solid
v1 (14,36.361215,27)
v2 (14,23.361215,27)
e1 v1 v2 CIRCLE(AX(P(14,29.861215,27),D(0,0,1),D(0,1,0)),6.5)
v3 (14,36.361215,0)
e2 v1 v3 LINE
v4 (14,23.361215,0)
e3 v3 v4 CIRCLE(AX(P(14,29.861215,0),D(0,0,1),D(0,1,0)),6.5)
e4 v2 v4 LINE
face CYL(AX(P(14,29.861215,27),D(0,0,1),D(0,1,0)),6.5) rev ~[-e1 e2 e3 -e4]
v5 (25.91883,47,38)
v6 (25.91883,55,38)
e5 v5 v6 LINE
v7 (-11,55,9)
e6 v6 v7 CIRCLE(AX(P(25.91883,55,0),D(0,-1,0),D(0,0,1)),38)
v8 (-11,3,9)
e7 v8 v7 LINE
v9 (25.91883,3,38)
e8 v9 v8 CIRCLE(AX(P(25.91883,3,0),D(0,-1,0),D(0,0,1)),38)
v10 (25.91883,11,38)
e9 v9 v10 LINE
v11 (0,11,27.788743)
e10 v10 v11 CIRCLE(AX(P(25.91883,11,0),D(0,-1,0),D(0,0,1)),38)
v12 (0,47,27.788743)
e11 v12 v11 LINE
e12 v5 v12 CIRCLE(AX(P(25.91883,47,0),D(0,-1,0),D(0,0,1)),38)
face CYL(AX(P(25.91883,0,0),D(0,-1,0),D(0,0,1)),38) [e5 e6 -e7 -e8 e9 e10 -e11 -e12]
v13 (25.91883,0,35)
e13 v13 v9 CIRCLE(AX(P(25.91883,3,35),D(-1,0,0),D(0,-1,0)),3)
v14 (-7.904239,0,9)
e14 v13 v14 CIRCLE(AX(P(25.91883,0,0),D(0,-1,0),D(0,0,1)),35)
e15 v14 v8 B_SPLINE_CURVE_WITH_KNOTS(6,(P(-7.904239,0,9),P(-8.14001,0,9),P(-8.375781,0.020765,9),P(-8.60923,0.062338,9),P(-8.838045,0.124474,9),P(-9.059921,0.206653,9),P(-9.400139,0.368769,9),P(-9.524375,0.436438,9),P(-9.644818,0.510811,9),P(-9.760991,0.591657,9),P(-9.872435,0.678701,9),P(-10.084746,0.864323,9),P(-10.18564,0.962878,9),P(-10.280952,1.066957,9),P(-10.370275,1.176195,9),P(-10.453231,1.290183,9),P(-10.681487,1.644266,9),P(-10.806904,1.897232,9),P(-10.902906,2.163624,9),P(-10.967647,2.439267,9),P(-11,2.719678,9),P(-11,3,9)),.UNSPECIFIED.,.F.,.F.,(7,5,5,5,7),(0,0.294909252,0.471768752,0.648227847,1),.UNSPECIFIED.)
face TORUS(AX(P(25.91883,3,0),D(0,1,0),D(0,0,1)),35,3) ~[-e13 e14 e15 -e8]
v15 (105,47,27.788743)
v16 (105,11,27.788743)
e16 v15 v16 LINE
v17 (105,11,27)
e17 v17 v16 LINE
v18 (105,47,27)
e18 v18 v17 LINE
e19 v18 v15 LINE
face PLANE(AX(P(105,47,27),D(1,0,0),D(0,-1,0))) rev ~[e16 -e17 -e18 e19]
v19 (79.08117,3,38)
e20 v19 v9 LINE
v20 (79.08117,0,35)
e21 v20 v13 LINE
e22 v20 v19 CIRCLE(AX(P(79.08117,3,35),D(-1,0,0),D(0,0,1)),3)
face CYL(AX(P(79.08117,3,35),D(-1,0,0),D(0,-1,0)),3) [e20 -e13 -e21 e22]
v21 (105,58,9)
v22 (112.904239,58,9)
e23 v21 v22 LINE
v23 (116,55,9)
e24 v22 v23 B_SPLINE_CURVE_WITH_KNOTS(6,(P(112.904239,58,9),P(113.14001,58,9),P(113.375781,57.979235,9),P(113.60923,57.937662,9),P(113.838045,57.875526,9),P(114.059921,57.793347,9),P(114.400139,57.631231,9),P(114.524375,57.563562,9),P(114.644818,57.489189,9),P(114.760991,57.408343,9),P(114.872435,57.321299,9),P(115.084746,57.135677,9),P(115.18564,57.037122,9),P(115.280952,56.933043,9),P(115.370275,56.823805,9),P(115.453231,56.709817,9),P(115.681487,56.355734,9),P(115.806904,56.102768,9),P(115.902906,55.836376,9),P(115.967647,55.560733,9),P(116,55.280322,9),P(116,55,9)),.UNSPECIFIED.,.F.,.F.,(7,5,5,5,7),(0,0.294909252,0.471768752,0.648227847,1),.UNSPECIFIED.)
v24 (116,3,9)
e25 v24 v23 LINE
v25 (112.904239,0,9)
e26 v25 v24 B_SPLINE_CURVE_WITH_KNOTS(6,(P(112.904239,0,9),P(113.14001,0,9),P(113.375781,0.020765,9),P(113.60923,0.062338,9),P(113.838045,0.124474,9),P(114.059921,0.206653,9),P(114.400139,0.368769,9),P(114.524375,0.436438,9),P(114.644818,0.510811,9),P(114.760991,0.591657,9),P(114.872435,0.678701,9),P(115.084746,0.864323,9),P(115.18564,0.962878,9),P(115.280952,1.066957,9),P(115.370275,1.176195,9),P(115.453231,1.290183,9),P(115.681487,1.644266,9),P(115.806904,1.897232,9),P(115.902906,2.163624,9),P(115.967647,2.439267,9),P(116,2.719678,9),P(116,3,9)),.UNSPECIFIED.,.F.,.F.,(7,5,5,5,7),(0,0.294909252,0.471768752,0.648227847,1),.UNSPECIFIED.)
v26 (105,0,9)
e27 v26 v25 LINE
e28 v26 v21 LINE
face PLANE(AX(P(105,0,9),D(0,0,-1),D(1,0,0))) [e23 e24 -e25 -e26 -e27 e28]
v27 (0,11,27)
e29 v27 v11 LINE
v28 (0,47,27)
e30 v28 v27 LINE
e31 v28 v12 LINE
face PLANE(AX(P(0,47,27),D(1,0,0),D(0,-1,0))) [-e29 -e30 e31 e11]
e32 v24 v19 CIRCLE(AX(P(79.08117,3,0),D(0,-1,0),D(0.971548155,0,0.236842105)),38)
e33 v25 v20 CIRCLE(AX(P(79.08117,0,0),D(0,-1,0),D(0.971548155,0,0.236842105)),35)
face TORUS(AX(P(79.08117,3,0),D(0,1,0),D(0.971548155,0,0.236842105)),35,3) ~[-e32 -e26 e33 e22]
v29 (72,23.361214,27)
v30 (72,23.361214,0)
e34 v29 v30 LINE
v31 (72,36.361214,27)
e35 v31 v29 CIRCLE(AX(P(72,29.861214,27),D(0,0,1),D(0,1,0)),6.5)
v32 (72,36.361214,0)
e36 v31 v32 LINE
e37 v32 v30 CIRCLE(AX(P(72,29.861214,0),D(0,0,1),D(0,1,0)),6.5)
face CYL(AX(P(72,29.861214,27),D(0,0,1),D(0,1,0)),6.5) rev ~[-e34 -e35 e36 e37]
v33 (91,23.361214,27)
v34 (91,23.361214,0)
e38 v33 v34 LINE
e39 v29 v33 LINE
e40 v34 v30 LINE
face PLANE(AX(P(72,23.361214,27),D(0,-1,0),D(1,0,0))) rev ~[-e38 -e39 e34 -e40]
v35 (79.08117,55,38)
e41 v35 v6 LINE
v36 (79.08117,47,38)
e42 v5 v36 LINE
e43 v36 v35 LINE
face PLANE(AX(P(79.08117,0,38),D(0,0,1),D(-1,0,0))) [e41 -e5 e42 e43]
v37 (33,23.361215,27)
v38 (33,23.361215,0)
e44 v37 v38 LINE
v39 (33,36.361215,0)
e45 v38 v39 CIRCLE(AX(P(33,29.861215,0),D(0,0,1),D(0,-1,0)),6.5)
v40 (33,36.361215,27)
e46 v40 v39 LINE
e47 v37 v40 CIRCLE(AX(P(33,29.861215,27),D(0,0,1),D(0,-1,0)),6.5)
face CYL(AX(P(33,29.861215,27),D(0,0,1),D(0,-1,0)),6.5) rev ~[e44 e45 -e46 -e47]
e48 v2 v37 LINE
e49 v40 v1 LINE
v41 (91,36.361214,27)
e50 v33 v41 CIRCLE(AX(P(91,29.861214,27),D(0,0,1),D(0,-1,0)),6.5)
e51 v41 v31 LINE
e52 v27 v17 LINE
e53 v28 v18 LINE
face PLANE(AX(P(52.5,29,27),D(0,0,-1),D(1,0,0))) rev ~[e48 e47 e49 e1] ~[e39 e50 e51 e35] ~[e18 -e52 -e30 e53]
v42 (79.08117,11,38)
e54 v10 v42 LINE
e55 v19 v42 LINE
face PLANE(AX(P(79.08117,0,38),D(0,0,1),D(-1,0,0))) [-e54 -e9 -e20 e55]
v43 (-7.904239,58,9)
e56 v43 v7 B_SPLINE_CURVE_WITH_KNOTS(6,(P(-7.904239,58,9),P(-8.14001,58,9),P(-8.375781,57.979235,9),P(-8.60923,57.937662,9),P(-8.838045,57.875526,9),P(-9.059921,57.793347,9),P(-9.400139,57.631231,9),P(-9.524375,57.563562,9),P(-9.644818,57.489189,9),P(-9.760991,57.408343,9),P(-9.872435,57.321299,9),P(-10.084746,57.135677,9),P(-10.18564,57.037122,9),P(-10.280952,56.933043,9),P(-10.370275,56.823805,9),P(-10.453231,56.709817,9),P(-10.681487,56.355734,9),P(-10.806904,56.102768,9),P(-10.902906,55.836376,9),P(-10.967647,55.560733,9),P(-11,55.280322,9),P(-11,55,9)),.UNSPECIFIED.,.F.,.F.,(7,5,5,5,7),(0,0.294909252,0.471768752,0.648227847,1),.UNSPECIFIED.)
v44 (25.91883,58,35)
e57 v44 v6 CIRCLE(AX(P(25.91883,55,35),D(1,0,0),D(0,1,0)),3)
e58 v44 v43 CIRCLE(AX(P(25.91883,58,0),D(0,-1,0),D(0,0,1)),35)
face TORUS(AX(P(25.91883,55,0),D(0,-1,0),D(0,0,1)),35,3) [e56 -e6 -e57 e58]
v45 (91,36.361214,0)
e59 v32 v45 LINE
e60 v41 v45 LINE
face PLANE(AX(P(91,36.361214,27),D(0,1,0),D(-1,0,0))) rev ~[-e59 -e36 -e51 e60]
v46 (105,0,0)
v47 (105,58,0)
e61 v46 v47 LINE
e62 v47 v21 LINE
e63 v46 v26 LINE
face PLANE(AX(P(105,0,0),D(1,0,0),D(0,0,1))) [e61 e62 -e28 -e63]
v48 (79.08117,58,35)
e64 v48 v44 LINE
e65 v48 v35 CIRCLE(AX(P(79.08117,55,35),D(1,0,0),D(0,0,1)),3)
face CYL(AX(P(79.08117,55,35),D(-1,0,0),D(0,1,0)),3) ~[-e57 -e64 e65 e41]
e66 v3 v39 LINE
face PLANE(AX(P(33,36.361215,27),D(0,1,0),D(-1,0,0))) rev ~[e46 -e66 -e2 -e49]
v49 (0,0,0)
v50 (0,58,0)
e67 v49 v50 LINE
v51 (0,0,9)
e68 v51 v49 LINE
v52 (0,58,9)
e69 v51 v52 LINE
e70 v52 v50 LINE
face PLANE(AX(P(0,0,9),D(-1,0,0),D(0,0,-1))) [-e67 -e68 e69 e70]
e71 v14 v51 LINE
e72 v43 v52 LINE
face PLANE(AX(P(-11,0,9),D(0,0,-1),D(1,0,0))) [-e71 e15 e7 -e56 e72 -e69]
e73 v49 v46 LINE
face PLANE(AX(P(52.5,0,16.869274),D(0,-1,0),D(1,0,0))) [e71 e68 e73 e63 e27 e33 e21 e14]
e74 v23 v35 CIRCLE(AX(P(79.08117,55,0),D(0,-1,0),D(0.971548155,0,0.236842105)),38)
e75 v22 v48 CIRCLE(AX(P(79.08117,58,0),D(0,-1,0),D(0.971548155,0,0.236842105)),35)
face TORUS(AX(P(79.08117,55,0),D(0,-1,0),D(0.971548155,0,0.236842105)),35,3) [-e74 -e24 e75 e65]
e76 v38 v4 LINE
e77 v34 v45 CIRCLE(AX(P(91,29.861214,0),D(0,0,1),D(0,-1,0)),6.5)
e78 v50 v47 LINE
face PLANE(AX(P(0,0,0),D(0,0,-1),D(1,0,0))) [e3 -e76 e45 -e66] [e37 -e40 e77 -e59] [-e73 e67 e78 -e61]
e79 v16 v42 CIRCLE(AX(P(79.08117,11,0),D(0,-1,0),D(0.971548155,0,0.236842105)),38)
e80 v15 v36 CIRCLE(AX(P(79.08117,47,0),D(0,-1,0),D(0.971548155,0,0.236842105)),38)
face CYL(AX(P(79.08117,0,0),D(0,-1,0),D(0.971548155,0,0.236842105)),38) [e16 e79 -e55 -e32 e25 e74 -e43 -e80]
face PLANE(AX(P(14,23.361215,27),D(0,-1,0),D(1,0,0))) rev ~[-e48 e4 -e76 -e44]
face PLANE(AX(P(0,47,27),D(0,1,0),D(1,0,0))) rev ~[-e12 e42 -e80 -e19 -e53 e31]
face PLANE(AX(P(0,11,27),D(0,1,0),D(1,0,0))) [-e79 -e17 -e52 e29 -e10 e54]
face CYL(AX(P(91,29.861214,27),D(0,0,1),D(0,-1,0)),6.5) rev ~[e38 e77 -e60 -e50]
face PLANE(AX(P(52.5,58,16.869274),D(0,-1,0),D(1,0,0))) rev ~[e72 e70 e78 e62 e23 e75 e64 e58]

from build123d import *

# Parameters (mm, degrees)
F1_DEPTH = 58
F3_START = -27
F2_W     = 105
F2_H     = 36
F3_DEPTH = 11
F4_R     = 3
F5_R     = 3
F7_DEPTH = 50


with BuildPart() as f1:
    # F0 (on Front) → F1 (new body)
    with BuildSketch(Plane.XZ):
        with BuildLine():
            Line((0, 9), (0, 0))
            Line((0, 0), (105, 0))
            Line((105, 0), (105, 9))
            Line((105, 9), (116, 9))
            ThreePointArc((116, 9), (102.5545593047, 29.883105595), (79.0811701161, 38))
            Line((79.0811701161, 38), (25.9188298839, 38))
            ThreePointArc((25.9188298839, 38), (2.4454406953, 29.883105595), (-11, 9))
            Line((-11, 9), (0, 9))
        make_face()
    extrude(amount=-F1_DEPTH)

    # F2 (on face) → F3 (cut)
    with BuildSketch(Plane(origin=(0, 0, 0), x_dir=(1, 0, 0), z_dir=(0, 0, -1)).offset(F3_START)):
        with Locations((52.5, -29)):
            Rectangle(F2_W, F2_H)
    extrude(amount=-F3_DEPTH, mode=Mode.SUBTRACT)

    # F4
    f4_edges = [f1.edges().sort_by_distance(p)[0] for p in [
        (102.554559, 58, 29.883106),
        (52.5, 58, 38),
        (2.445441, 58, 29.883106),
    ]]
    fillet(f4_edges, radius=F4_R)

    # F5
    f5_edges = [f1.edges().sort_by_distance(p)[0] for p in [
        (52.5, 0, 38),
        (2.445441, 0, 29.883106),
        (102.554559, 0, 29.883106),
    ]]
    fillet(f5_edges, radius=F5_R)

    # F6 (on face) → F7 (cut)
    with BuildSketch(Plane.XY.offset(27)):
        with BuildLine():
            Line((72, 23.3612143666), (91, 23.3612143666))
            ThreePointArc((91, 23.3612143666), (97.5, 29.8612143666), (91, 36.3612143666))
            Line((91, 36.3612143666), (72, 36.3612143666))
            ThreePointArc((72, 36.3612143666), (65.5, 29.8612143666), (72, 23.3612143666))
        make_face()
        with BuildLine():
            Line((33, 36.3612149123), (14, 36.3612149123))
            ThreePointArc((14, 36.3612149123), (7.5, 29.8612149123), (14, 23.3612149123))
            Line((14, 23.3612149123), (33, 23.3612149123))
            ThreePointArc((33, 23.3612149123), (39.5, 29.8612149123), (33, 36.3612149123))
        make_face()
    extrude(amount=-F7_DEPTH, mode=Mode.SUBTRACT)


solid = f1.part
